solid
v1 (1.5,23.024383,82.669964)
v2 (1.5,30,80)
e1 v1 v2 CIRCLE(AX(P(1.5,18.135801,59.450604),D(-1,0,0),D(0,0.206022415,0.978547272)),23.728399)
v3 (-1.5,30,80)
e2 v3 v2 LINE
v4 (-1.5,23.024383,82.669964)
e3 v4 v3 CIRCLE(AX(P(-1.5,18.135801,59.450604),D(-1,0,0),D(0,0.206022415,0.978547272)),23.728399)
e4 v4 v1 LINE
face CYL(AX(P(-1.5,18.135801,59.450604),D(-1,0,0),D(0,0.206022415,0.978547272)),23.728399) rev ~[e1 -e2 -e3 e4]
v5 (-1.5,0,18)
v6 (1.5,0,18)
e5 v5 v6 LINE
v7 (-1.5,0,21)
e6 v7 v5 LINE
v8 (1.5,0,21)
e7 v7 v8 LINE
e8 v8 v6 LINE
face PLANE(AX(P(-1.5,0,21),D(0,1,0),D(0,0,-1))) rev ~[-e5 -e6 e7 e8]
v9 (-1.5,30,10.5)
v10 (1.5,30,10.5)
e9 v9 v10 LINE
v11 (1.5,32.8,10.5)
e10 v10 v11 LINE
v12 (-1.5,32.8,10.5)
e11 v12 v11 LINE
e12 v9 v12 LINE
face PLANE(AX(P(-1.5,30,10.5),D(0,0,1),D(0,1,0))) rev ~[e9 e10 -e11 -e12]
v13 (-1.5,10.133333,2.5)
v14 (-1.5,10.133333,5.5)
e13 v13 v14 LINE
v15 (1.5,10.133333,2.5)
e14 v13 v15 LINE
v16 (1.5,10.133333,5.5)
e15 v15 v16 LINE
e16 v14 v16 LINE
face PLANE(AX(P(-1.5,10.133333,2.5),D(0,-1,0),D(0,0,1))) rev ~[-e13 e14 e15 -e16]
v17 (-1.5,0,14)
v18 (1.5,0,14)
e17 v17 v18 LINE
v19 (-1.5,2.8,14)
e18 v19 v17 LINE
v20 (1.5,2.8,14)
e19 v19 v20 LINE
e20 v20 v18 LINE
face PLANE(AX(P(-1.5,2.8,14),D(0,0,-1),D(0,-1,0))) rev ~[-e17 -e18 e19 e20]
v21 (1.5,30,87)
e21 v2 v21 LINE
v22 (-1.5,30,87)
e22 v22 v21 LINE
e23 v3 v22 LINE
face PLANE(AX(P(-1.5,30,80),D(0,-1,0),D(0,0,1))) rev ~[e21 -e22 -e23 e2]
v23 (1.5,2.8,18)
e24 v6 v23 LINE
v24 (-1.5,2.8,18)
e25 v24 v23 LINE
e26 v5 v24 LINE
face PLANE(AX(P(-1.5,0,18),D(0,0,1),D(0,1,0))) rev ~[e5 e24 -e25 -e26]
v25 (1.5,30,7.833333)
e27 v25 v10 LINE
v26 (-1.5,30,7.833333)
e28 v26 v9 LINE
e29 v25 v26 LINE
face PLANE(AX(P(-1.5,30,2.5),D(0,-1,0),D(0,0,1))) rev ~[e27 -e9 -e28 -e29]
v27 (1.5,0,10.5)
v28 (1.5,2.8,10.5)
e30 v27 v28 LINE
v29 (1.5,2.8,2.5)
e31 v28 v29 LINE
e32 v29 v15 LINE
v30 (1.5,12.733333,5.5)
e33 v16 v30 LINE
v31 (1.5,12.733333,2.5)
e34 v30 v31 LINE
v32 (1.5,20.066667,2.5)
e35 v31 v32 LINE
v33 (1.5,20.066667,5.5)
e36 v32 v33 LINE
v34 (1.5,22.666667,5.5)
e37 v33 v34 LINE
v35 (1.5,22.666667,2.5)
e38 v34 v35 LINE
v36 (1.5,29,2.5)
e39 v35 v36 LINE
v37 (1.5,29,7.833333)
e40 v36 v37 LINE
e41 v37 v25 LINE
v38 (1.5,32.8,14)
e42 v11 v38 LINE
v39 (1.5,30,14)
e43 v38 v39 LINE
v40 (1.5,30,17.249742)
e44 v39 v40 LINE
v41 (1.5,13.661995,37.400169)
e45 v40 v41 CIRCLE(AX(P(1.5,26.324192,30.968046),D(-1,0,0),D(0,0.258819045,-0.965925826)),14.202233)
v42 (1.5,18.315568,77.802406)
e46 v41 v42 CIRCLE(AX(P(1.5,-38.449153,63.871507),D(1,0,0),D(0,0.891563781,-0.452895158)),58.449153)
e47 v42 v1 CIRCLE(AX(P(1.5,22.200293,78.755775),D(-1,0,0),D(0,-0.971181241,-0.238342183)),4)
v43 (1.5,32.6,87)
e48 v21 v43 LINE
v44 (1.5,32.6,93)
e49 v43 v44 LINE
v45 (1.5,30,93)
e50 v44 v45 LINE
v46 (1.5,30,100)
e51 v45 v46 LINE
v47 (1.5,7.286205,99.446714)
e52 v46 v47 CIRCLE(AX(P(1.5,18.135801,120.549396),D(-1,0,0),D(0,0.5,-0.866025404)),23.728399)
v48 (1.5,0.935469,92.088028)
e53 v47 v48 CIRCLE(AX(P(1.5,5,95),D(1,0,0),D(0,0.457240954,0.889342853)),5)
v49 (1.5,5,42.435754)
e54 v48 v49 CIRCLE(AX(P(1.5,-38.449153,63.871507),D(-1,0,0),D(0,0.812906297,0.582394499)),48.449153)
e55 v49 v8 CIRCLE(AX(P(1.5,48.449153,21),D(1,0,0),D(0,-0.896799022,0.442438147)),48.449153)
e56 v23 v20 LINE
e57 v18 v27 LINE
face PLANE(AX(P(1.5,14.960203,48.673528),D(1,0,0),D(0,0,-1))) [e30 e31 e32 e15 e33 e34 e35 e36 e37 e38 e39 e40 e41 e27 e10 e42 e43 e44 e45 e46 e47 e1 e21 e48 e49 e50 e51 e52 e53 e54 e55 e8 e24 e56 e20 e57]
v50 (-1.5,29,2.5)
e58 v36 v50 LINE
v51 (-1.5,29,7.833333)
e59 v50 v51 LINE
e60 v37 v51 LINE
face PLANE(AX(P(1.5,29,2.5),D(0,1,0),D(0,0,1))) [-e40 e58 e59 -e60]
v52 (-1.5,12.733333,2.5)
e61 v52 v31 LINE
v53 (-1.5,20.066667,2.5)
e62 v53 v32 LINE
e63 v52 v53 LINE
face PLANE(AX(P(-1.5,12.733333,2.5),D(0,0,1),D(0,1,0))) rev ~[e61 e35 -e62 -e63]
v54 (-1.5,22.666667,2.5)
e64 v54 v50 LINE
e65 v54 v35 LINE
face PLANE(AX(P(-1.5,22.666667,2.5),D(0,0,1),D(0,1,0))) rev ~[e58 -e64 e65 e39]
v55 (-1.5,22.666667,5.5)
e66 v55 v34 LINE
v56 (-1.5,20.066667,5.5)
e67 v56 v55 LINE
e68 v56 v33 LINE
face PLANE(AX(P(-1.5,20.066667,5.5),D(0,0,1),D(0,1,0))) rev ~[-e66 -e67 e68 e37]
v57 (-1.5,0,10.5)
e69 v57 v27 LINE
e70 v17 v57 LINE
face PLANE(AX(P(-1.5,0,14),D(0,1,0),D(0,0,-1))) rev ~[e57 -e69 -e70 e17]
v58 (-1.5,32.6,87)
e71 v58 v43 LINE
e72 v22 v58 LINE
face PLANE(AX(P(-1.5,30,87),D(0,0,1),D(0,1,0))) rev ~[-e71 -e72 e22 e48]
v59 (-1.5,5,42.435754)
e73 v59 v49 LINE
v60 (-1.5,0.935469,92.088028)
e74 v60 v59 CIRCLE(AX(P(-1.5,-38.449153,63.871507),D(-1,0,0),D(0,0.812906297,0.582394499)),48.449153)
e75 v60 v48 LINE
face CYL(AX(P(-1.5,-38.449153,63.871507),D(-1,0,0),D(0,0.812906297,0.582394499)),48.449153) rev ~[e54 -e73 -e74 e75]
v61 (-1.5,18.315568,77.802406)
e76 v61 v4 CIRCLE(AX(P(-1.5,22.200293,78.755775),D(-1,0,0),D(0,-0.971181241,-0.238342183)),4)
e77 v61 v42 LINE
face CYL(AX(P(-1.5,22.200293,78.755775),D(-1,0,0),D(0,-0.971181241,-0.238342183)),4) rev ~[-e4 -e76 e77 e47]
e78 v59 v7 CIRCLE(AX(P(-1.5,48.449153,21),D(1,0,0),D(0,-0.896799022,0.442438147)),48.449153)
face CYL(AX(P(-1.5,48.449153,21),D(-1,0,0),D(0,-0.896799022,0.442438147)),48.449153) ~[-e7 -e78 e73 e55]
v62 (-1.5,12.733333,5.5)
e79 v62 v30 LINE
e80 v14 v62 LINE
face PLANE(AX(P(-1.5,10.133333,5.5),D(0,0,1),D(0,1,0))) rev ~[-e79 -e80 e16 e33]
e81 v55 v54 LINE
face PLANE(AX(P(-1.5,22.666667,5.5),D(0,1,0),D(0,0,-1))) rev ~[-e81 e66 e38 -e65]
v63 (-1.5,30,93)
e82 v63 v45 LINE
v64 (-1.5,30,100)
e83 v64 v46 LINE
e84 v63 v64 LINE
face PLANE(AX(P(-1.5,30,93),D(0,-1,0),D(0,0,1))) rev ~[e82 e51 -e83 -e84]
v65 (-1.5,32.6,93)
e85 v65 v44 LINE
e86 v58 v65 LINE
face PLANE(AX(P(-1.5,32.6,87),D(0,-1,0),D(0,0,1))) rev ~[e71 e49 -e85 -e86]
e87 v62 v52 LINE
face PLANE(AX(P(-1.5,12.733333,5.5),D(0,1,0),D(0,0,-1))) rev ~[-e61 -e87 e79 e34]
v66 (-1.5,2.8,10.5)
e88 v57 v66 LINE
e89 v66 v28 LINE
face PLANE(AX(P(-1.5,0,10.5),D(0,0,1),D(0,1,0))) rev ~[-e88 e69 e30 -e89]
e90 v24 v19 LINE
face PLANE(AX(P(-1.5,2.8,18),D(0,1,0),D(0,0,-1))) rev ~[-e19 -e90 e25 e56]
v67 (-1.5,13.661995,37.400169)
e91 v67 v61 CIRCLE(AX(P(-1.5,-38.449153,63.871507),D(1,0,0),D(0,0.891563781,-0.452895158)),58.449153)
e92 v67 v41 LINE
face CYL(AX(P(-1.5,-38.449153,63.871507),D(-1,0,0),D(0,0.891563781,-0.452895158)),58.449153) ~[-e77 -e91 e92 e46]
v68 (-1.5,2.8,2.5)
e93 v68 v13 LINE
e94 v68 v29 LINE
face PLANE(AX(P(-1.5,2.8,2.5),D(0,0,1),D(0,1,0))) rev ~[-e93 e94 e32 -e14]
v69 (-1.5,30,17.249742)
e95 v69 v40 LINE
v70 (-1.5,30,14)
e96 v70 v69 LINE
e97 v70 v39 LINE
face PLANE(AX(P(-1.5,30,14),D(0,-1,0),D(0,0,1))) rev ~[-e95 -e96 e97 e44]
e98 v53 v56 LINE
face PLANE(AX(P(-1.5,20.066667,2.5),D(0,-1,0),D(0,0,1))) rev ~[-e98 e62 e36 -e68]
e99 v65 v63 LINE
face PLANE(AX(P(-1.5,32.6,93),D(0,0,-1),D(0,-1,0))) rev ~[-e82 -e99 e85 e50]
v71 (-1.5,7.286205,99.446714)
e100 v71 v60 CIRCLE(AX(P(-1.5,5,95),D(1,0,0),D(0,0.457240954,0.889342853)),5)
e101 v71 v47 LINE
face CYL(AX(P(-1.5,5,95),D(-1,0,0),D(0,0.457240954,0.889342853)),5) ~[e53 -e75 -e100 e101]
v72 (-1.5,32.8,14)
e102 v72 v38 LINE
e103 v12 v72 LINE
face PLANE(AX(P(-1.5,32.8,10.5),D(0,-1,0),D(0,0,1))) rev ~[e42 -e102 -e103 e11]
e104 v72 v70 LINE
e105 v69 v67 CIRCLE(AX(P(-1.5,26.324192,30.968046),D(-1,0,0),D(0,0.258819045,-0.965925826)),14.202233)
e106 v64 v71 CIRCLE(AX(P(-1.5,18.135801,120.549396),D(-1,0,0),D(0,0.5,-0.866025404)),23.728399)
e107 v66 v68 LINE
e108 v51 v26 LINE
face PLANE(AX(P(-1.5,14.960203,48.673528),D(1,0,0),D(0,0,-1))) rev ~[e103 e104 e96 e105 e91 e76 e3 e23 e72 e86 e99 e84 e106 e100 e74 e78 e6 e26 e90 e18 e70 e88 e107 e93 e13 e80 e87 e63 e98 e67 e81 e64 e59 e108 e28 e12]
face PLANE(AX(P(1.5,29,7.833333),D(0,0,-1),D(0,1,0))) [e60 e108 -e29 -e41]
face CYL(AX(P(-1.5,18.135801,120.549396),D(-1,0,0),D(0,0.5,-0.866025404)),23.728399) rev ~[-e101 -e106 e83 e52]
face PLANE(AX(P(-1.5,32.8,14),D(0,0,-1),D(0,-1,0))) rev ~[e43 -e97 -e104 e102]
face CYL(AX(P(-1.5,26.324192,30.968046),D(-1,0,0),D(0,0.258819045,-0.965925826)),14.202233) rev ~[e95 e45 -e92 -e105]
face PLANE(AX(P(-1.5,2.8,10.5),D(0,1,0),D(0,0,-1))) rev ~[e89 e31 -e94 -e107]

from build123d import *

# Parameters (mm, degrees)
BOSS_EXTRUDE1_DEPTH      = 1.5
BOSS_EXTRUDE1_DEPTH_BACK = 1.5
CUT_EXTRUDE1_DEPTH       = 106.28456677


with BuildPart() as part:
    # Sketch1 → Boss-Extrude1 (new, two sides: drawn at the far end of the back side and taken through both)
    with BuildSketch(Plane(origin=(0, 0, 0), x_dir=(0, 0, -1), z_dir=(1, 0, 0)).offset(-BOSS_EXTRUDE1_DEPTH_BACK)):
        with BuildLine():
            Line((-80, 30), (-87, 30))
            Line((-87, 30), (-87, 32.6))
            Line((-87, 32.6), (-93, 32.6))
            Line((-93, 32.6), (-93, 30))
            Line((-93, 30), (-100, 30))
            ThreePointArc((-100, 30), (-96.828033965, 18.713629613), (-99.446714265, 7.28620477))
            ThreePointArc((-99.446714265, 7.28620477), (-98.266775294, 1.214741861), (-92.088027506, 0.935468515))
            ThreePointArc((-92.088027506, 0.935468515), (-67.824329395, 9.838481267), (-42.435753596, 5))
            ThreePointArc((-42.435753596, 5), (-32.005584176, 1.266555107), (-21, 0))
            Line((-21, 0), (-18, 0))
            Line((-18, 0), (-18, 2.8))
            Line((-18, 2.8), (-14, 2.8))
            Line((-14, 2.8), (-14, 0))
            Line((-14, 0), (-10.5, 0))
            Line((-10.5, 0), (-10.5, 2.8))
            Line((-10.5, 2.8), (-2.5, 2.8))
            Line((-2.5, 2.8), (-2.5, 10.133333333))
            Line((-2.5, 10.133333333), (-5.5, 10.133333333))
            Line((-5.5, 10.133333333), (-5.5, 12.733333333))
            Line((-5.5, 12.733333333), (-2.5, 12.733333333))
            Line((-2.5, 12.733333333), (-2.5, 20.066666667))
            Line((-2.5, 20.066666667), (-5.5, 20.066666667))
            Line((-5.5, 20.066666667), (-5.5, 22.666666667))
            Line((-5.5, 22.666666667), (-2.5, 22.666666667))
            Line((-2.5, 22.666666667), (-2.5, 30))
            Line((-2.5, 30), (-10.5, 30))
            Line((-10.5, 30), (-10.5, 32.8))
            Line((-10.5, 32.8), (-14, 32.8))
            Line((-14, 32.8), (-14, 30))
            Line((-14, 30), (-17.249742261, 30))
            ThreePointArc((-17.249742261, 30), (-22.023510763, 15.292477496), (-37.40016873, 13.661994841))
            ThreePointArc((-37.40016873, 13.661994841), (-57.183488606, 19.61610248), (-77.802405966, 18.315567968))
            ThreePointArc((-77.802405966, 18.315567968), (-81.536934186, 19.325375212), (-82.669963788, 23.024382595))
            ThreePointArc((-82.669963788, 23.024382595), (-81.611172702, 26.61790516), (-80, 30))
        make_face()
    extrude(amount=BOSS_EXTRUDE1_DEPTH + BOSS_EXTRUDE1_DEPTH_BACK)

    # Sketch2 → Cut-Extrude1 (cut, through all)
    with BuildSketch(Plane(origin=(1.5, 0, 0), x_dir=(0, 0, -1), z_dir=(1, 0, 0))):
        Polygon((-7.833333333, 30), (-5.166666667, 30), (-2.5, 30), (-2.5, 29), (-7.833333333, 29), align=None)
    extrude(amount=-CUT_EXTRUDE1_DEPTH, mode=Mode.SUBTRACT)


solid = part.part
